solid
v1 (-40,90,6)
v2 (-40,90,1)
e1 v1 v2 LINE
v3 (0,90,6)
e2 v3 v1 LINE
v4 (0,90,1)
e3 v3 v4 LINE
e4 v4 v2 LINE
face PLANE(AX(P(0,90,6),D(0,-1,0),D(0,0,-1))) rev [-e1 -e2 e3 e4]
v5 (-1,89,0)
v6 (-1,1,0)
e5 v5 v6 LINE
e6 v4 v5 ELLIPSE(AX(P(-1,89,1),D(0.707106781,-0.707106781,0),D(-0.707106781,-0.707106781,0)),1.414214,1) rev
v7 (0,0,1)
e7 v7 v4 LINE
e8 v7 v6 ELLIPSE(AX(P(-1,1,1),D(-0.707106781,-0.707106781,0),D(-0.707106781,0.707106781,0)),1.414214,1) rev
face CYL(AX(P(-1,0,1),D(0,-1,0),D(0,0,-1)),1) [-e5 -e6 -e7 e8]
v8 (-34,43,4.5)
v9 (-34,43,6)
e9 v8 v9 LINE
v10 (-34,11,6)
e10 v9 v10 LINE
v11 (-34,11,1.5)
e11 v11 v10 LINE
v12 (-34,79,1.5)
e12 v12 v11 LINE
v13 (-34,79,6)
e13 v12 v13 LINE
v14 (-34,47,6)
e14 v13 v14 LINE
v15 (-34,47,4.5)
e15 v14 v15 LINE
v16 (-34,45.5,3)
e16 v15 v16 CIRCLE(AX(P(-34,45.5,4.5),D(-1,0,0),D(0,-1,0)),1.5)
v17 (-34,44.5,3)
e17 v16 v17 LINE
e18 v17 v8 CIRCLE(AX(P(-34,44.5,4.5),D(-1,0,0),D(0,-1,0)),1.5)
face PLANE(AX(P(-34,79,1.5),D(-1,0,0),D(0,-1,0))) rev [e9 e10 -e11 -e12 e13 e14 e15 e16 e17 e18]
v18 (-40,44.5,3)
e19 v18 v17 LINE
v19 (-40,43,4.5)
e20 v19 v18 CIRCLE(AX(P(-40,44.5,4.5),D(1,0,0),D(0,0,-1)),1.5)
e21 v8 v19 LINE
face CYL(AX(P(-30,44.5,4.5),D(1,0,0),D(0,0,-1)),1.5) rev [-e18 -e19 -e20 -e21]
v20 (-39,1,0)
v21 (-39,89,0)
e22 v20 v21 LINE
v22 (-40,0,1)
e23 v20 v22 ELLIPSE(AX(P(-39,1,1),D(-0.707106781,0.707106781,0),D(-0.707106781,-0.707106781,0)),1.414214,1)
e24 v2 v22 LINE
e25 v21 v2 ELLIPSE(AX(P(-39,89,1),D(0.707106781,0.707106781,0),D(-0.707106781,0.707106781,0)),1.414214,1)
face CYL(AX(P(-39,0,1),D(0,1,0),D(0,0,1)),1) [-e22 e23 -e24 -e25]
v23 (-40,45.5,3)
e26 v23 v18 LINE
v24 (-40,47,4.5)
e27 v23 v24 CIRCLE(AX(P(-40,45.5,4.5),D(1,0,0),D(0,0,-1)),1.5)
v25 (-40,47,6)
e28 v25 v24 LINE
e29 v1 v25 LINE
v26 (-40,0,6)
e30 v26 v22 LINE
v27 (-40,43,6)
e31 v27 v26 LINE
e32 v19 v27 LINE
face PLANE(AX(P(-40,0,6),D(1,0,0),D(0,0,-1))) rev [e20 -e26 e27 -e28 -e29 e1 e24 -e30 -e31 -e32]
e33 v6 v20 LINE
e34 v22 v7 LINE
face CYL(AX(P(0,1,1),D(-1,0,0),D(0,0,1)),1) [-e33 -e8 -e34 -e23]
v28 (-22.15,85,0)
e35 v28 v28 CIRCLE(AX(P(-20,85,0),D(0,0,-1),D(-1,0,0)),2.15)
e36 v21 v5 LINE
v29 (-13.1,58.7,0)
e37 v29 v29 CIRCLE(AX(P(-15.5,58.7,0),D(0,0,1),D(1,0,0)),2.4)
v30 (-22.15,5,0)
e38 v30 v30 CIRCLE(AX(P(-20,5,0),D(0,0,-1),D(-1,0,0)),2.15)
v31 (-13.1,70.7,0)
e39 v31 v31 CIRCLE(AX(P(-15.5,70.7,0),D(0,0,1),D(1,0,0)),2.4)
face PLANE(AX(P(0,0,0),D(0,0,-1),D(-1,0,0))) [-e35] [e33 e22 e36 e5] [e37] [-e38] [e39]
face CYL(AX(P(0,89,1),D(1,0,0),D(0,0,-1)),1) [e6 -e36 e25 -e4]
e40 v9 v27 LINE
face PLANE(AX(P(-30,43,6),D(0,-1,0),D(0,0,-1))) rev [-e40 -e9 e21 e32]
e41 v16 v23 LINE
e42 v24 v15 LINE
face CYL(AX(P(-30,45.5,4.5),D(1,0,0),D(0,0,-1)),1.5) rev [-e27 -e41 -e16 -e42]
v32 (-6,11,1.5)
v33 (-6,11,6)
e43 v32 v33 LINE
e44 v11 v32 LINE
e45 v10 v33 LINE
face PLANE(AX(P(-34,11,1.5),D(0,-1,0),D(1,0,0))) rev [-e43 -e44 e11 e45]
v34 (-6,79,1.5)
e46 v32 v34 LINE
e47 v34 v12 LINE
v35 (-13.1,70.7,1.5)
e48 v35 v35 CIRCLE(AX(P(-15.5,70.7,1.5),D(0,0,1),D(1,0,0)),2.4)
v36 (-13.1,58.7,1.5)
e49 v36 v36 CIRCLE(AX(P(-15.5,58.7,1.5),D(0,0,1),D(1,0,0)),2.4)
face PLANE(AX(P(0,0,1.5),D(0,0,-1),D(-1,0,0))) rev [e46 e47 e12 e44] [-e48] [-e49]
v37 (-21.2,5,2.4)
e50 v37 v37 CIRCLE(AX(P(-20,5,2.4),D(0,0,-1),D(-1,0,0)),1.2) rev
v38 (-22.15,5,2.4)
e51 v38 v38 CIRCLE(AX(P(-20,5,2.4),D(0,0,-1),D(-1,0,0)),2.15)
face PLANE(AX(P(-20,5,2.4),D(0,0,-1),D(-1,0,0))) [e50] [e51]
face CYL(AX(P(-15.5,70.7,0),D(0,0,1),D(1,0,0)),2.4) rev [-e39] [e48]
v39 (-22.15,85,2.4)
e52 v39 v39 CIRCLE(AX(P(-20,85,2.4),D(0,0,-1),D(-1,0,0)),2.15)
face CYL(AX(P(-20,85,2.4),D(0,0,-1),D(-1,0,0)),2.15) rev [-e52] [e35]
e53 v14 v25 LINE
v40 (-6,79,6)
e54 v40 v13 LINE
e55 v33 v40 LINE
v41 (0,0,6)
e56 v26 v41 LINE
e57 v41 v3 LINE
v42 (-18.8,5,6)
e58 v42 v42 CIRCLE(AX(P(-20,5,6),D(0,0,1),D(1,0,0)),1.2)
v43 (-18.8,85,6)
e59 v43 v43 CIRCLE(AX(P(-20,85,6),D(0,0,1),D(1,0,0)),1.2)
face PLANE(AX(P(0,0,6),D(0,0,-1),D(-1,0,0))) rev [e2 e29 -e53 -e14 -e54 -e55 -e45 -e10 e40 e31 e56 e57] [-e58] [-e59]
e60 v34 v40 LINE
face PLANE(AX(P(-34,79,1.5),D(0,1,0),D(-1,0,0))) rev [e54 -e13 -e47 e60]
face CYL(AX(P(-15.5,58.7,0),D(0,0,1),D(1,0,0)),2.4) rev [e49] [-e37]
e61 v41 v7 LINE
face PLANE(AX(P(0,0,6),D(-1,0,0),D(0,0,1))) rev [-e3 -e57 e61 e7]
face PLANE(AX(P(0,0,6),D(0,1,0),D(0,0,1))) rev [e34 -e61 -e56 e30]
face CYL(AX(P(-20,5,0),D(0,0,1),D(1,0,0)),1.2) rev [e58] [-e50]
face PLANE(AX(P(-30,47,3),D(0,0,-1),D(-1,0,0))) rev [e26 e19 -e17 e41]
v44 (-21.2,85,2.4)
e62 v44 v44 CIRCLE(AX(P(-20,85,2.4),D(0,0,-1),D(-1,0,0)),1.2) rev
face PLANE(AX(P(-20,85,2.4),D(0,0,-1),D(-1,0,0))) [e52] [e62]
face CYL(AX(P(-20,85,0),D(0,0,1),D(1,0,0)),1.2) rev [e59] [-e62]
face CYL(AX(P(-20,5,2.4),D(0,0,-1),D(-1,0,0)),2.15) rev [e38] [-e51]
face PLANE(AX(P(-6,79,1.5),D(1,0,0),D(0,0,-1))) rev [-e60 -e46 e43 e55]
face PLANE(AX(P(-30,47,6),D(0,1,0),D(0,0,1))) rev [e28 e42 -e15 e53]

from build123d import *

# Parameters (mm, degrees)
SKETCH1_W           = 90
SKETCH1_H           = 40
BOSS_EXTRUDE1_DEPTH = 6
SKETCH2_W           = 28
SKETCH2_H           = 68
CUT_EXTRUDE1_DEPTH  = 4.5
SKETCH6_R           = 1.2
CUT_EXTRUDE5_DEPTH  = 99.671171068
SKETCH7_R           = 1.2
CUT_EXTRUDE6_DEPTH  = 99.671171068
SKETCH8_R           = 2.4
CUT_EXTRUDE7_DEPTH  = 99.591328219
SKETCH9_R           = 2.15
CUT_EXTRUDE8_DEPTH  = 2.4
FILLET3_R           = 1
SKETCH10_W          = 4
SKETCH10_H          = 3
CUT_EXTRUDE9_DEPTH  = 10
FILLET4_R           = 1.5


with BuildPart() as part:
    # Sketch1 → Boss-Extrude1 (new body)
    with BuildSketch(Plane(origin=(0, 0, 0), x_dir=(0, 1, 0), z_dir=(0, 0, 1))):
        with Locations((45, 20)):
            Rectangle(SKETCH1_W, SKETCH1_H)
    extrude(amount=BOSS_EXTRUDE1_DEPTH)

    # Sketch2 → Cut-Extrude1 (cut)
    with BuildSketch(Plane.XY.offset(6)):
        with Locations((-20, 45)):
            Rectangle(SKETCH2_W, SKETCH2_H)
    extrude(amount=-CUT_EXTRUDE1_DEPTH, mode=Mode.SUBTRACT)

    # Sketch6 → Cut-Extrude5 (cut, through all)
    with BuildSketch(Plane.XY.offset(6)):
        with Locations((-20, 85)):
            Circle(SKETCH6_R)
    extrude(amount=-CUT_EXTRUDE5_DEPTH, mode=Mode.SUBTRACT)

    # Sketch7 → Cut-Extrude6 (cut, through all)
    with BuildSketch(Plane.XY.offset(6)):
        with Locations((-20, 5)):
            Circle(SKETCH7_R)
    extrude(amount=-CUT_EXTRUDE6_DEPTH, mode=Mode.SUBTRACT)

    # Sketch8 → Cut-Extrude7 (cut, through all)
    with BuildSketch(Plane.XY.offset(1.5)):
        with Locations((-15.5, 70.7)):
            Circle(SKETCH8_R)
        with Locations((-15.5, 58.7)):
            Circle(SKETCH8_R)
    extrude(amount=-CUT_EXTRUDE7_DEPTH, mode=Mode.SUBTRACT)

    # Sketch9 → Cut-Extrude8 (cut)
    with BuildSketch(Plane(origin=(0, 0, 0), x_dir=(1, 0, 0), z_dir=(0, 0, -1))):
        with Locations(Location((-20, -5, 0), (0, 0, 180))):
            Circle(SKETCH9_R)
        with Locations(Location((-20, -85, 0), (0, 0, 180))):
            Circle(SKETCH9_R)
    extrude(amount=-CUT_EXTRUDE8_DEPTH, mode=Mode.SUBTRACT)

    # Fillet3
    fillet3_edges = [part.edges().sort_by_distance(p)[0] for p in [
        (-40, 45, 0),
        (-20, 90, 0),
        (0, 45, 0),
        (-20, 0, 0),
    ]]
    fillet(fillet3_edges, radius=FILLET3_R)

    # Sketch10 → Cut-Extrude9 (cut)
    with BuildSketch(Plane(origin=(-40, 0, 0), x_dir=(0, -1, 0), z_dir=(-1, 0, 0))):
        with Locations((-45, 4.5)):
            Rectangle(SKETCH10_W, SKETCH10_H)
    extrude(amount=-CUT_EXTRUDE9_DEPTH, mode=Mode.SUBTRACT)

    # Fillet4
    fillet4_edges = [part.edges().sort_by_distance(p)[0] for p in [
        (-37, 47, 3),
        (-37, 43, 3),
    ]]
    fillet(fillet4_edges, radius=FILLET4_R)


solid = part.part
